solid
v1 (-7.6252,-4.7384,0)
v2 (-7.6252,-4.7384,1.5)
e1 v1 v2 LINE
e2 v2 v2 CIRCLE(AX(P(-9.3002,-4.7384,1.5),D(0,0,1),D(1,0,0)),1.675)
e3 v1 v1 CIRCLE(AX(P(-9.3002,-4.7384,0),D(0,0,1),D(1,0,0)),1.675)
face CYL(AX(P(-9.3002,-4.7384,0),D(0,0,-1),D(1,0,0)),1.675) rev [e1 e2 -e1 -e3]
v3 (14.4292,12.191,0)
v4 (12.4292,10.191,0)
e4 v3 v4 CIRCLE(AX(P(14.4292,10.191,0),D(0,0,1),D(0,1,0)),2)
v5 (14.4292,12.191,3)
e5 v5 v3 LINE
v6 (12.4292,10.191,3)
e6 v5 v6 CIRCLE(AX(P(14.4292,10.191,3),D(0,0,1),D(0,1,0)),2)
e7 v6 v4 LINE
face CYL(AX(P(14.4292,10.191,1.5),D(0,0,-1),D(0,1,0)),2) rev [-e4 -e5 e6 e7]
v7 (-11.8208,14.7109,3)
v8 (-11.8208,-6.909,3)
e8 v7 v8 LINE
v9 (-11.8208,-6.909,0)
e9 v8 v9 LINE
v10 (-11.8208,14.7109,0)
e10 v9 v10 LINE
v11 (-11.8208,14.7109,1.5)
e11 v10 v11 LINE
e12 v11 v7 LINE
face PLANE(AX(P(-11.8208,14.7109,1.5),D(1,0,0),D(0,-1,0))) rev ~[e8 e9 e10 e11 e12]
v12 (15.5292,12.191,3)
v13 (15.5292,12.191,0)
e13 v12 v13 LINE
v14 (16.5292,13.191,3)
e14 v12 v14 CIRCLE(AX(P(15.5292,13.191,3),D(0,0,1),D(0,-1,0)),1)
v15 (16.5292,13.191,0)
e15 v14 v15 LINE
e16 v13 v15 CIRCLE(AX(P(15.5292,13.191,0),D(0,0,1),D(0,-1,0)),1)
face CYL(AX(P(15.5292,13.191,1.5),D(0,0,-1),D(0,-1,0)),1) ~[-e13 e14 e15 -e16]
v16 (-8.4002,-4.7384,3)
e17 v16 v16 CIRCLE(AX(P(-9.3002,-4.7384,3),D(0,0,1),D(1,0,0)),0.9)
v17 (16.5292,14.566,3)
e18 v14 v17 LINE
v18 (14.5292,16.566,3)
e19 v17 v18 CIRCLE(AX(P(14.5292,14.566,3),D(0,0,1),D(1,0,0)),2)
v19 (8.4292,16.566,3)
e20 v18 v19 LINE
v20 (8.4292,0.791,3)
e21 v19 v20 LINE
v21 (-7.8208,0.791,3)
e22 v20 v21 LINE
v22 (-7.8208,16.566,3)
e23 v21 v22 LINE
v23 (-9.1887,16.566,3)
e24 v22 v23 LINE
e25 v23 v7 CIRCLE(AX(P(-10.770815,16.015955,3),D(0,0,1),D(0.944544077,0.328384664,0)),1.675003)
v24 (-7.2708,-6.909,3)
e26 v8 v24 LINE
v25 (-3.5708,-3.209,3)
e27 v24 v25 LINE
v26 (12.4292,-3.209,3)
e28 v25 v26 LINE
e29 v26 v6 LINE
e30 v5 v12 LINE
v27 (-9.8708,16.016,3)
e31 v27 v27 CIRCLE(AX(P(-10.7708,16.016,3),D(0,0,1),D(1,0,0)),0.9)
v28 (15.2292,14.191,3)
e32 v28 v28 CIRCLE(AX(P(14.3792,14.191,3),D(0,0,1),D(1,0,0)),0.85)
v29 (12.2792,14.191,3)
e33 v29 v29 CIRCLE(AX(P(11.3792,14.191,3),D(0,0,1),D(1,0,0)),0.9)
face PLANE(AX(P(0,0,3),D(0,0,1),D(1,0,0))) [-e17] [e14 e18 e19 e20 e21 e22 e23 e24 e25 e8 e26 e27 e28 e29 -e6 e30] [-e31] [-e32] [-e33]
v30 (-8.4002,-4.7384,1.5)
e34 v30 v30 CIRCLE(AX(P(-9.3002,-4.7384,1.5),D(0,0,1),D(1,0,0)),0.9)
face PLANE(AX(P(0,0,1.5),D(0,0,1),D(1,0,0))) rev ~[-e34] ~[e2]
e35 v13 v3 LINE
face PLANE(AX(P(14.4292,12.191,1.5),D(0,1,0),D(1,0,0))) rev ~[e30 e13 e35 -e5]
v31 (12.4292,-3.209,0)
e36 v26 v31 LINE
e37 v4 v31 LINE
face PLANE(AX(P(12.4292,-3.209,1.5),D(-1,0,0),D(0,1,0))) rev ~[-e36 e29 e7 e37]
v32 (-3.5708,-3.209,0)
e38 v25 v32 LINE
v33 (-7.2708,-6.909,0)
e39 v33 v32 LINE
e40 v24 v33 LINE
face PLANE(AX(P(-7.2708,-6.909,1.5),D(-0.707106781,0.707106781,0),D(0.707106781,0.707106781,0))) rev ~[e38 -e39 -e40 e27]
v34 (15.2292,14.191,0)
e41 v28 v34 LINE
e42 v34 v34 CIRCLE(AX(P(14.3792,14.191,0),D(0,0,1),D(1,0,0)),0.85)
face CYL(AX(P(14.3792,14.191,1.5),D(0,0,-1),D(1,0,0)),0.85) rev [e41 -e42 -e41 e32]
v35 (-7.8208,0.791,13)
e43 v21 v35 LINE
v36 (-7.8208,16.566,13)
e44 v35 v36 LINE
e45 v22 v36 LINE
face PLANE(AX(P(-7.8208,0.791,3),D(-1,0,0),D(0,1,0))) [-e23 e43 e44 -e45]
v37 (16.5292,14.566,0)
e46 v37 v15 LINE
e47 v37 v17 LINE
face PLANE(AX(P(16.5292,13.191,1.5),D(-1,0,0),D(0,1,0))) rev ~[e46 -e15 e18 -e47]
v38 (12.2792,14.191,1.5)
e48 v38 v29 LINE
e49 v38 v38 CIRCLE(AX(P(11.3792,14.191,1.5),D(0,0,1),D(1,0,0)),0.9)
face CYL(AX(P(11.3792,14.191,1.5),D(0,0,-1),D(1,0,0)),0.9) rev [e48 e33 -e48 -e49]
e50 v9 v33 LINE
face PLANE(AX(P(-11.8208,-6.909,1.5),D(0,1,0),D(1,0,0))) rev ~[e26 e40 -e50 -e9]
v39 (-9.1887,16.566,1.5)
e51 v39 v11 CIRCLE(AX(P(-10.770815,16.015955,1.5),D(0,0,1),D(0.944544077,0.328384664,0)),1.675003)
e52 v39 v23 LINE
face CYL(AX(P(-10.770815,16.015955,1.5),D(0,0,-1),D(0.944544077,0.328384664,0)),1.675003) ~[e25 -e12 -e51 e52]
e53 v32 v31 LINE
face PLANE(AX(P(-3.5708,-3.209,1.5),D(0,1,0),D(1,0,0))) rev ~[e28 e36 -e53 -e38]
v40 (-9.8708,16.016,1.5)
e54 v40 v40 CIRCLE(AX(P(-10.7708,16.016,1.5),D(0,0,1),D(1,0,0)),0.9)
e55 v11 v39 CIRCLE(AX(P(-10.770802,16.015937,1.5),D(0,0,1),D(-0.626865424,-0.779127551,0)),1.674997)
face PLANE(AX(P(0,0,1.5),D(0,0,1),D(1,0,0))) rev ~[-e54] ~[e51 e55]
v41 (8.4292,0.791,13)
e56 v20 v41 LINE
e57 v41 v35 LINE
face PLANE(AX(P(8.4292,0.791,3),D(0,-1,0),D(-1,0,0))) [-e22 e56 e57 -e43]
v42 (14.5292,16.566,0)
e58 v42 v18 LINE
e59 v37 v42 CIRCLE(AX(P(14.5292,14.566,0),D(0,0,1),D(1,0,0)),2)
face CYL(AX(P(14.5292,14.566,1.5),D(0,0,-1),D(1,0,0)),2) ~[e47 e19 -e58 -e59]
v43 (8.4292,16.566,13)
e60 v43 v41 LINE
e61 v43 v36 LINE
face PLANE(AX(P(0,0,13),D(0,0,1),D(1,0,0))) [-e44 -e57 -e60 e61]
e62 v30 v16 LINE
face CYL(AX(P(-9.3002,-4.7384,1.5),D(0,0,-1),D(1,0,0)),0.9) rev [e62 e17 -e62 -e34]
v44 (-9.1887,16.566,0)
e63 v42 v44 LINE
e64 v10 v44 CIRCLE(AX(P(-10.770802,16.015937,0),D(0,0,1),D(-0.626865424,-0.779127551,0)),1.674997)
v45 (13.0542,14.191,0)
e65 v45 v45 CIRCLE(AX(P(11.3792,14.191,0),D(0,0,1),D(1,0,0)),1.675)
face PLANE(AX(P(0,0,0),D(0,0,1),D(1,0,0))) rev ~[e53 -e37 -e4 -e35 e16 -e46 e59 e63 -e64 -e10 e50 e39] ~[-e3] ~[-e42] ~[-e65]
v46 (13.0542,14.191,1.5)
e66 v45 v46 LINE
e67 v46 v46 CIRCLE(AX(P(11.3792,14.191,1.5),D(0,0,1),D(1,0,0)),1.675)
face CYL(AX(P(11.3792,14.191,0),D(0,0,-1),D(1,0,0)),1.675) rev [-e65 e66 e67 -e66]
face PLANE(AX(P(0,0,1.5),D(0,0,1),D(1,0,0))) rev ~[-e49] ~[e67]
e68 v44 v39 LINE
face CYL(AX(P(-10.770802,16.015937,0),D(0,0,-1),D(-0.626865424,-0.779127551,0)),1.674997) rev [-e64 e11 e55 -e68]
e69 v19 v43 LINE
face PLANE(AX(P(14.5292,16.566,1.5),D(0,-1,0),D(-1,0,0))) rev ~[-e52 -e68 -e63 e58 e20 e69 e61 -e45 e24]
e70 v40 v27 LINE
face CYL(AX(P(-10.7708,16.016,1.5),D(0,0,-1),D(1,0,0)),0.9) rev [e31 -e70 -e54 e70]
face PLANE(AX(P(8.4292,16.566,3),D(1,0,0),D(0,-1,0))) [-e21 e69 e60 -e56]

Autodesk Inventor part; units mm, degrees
ref_plane "YZ Plane" through (0, 0, 0) normal (1, 0, 0) x (0, 1, 0)
ref_plane "XZ Plane" through (0, 0, 0) normal (0, 1, 0) x (-1, 0, 0)
sketch "Skizze1" plane through (0, 0, 0) normal (0, 0, 1) x (1, 0, 0)
  line L0 (14.1792, -17.284) -> (14.1792, 17.716)
  line L1 (14.1792, 17.716) -> (-11.8208, 17.716)
  line L2 (-11.8208, 17.716) -> (-11.8208, -17.284)
  line L3 (-11.8208, -17.284) -> (14.1792, -17.284)
  line L4 (14.1792, -17.284) -> (-11.8208, 17.716) construction
  line L5 (14.1792, 17.716) -> (-11.8208, -17.284) construction
  line L6 (3.4292, 10.341) -> (-6.0708, 10.341) construction
  line L7 (3.4292, 3.091) -> (3.4292, 10.341) construction
  line L8 (-6.0708, 3.091) -> (3.4292, 3.091) construction
  line L9 (-6.0708, 10.341) -> (-6.0708, 3.091) construction
  line L10 (3.4292, 10.341) -> (-6.0708, 3.091) construction
  line L11 (3.4292, 3.091) -> (-6.0708, 10.341) construction
  point P0 (0, 0)
  point P1 (1.1792, 0.216)
  point P2 (1.1792, 0.216)
  point P3 (-1.3208, 6.716)
  point P4 (-1.3208, 6.716)
  point P5 (1.1792, 0.216)
  point P6 (-1.3208, 6.716)
  dimension "d0" = 26
  dimension "d1" = 35
  dimension "d2" = 11
  dimension "d3" = 2.5
sketch "Skizze2" plane through (0, 0, 0) normal (0, 0, 1) x (1, 0, 0)
  line L0 (-3.4208, 1.091) -> (-7.8208, 1.091) projected
  line L1 (-7.8208, 1.091) -> (-7.8208, 12.341) projected
  line L2 (-7.8208, 12.341) -> (-3.4208, 12.341) projected
  line L3 (5.1792, 1.091) -> (0.7792, 1.091) projected
  line L4 (5.1792, 12.341) -> (5.1792, 1.091) projected
  line L5 (0.7792, 12.341) -> (5.1792, 12.341) projected
  circle A0 centre (-9.3002, -4.7384) radius 1.575 construction
  circle A1 centre (11.3792, 14.191) radius 1.575 construction
  circle A2 centre (-9.3002, -4.7384) radius 0.7 construction
  circle A3 centre (-10.7708, 16.016) radius 0.7 construction
  circle A4 centre (11.3792, 14.191) radius 0.7 construction
  line L6 (-3.4208, 12.341) -> (-3.4208, 13.366) projected
  line L7 (-3.4208, 13.366) -> (0.7792, 13.366) projected
  line L8 (0.7792, 0.066) -> (-3.4208, 0.066) projected
  line L9 (-3.4208, 0.066) -> (-3.4208, 1.091) projected
  line L10 (0.7792, 1.091) -> (0.7792, 0.066) projected
  line L11 (0.7792, 13.366) -> (0.7792, 12.341) projected
  line L12 (-12.2708, -9.259) -> (-12.2708, 10.741) construction
  line L13 (14.5292, 16.566) -> (-9.295, 16.566) construction
  arc A5 (16.5292, 14.566) -> (14.5292, 16.566) centre (14.5292, 14.566) ccw projected
  line L14 (16.5292, 14.566) -> (16.5292, 13.191) projected
  arc A6 (15.5292, 12.191) -> (16.5292, 13.191) centre (15.5292, 13.191) ccw projected
  line L15 (15.5292, 12.191) -> (14.4292, 12.191) projected
  arc A7 (14.4292, 12.191) -> (12.4292, 10.191) centre (14.4292, 10.191) ccw projected
  line L16 (12.4292, 10.191) -> (12.4292, -3.209) projected
  line L17 (-3.5708, -3.209) -> (12.4292, -3.209) projected
  line L18 (-8.1002, -7.7384) -> (-3.5708, -3.209) projected
  arc A8 (-10.7708, 17.591) -> (-9.295, 16.566) centre (-10.7708, 16.016) ccw construction
  line L19 (-8.1002, -8.7384) -> (-8.1002, -7.7384) construction
  circle A9 centre (-9.3002, -8.7384) radius 0.75 construction
  circle A10 centre (-9.3002, -8.7384) radius 1.2 construction
  line L20 (-10.8208, -7.909) -> (-11.8208, -6.909) construction
  line L21 (-11.8208, -6.909) -> (-11.8208, 14.7109)
  line L22 (-11.8208, -6.909) -> (-10.4976, -8.2322)
  arc A11 (-8.1002, -8.2384) -> (-8.2864, -7.9246) centre (-9.3002, -8.7384) ccw construction
  line L23 (-8.1002, -8.2384) -> (-8.1002, -7.7384) construction
  circle A12 centre (-9.3002, -4.7384) radius 1.675
  circle A13 centre (11.3792, 14.191) radius 1.675
  line L24 (14.5292, 16.566) -> (-9.1887, 16.566)
  arc A14 (-11.8208, 14.7109) -> (-9.1887, 16.566) centre (-10.7708, 16.016) ccw
  circle A15 centre (14.3792, 14.191) radius 0.75 construction
  circle A16 centre (14.3792, 14.191) radius 0.85
  line L25 (-8.1002, -7.7384) -> (-8.2864, -7.9246) construction
  arc A17 (-8.2864, -7.9246) -> (-10.4976, -8.2322) centre (-9.3002, -8.7384) ccw construction
  line L26 (-11.8208, -6.909) -> (-7.2708, -6.909)
  point P0 (0, 0)
  dimension "d4" = 0.1
  dimension "d5" = 0.1
  dimension "d6" = 0.1
  dimension "d7" = 0.1
  dimension "d10" = 0.1
extrude "Extrusion1" add sketch "Skizze2" along normal blind 1.5 contours L0 L1 L2 L6 L7 L11 L5 L4 L3 L10 L8 L9 | L14 A6 L15 A7 L16 L17 L18 L26 L21 A14 L24 A5
sketch "Skizze3" plane through (0, 0, 1.5) normal (0, 0, 1) x (1, 0, 0)
  circle A0 centre (11.3792, 14.191) radius 1.675 construction
  circle A1 centre (-9.3002, -4.7384) radius 1.675 construction
  circle A2 centre (14.3792, 14.191) radius 0.85 projected
  arc A3 (16.5292, 14.566) -> (14.5292, 16.566) centre (14.5292, 14.566) ccw projected
  line L0 (14.5292, 16.566) -> (-9.1887, 16.566) projected
  arc A4 (-11.8208, 14.7109) -> (-9.1887, 16.566) centre (-10.7708, 16.016) ccw construction
  line L1 (-11.8208, 14.7109) -> (-11.8208, -6.909) projected
  line L2 (-7.2708, -6.909) -> (-3.5708, -3.209) projected
  line L3 (-3.5708, -3.209) -> (12.4292, -3.209) projected
  line L4 (12.4292, -3.209) -> (12.4292, 10.191) projected
  arc A5 (14.4292, 12.191) -> (12.4292, 10.191) centre (14.4292, 10.191) ccw projected
  line L5 (14.4292, 12.191) -> (15.5292, 12.191) projected
  arc A6 (15.5292, 12.191) -> (16.5292, 13.191) centre (15.5292, 13.191) ccw projected
  line L6 (16.5292, 13.191) -> (16.5292, 14.566) projected
  circle A7 centre (11.3792, 14.191) radius 0.7 construction
  circle A8 centre (-9.3002, -4.7384) radius 0.7 construction
  circle A9 centre (-9.3002, -8.7384) radius 0.75 construction
  circle A10 centre (-9.3002, -8.7384) radius 0.85
  line L7 (-7.2708, -6.909) -> (-3.5708, -3.209) projected
  arc A11 (-10.4976, -8.2322) -> (-8.2864, -7.9246) centre (-9.3002, -8.7384) ccw
  arc A12 (-9.1887, 16.566) -> (-11.8208, 14.7109) centre (-10.7708, 16.016) ccw
  circle A13 centre (-10.7708, 16.016) radius 0.7 construction
  circle A14 centre (-10.7708, 16.016) radius 0.9
  circle A15 centre (11.3792, 14.191) radius 0.9
  circle A16 centre (-9.3002, -4.7384) radius 0.9
  line L8 (-11.8208, -6.909) -> (-7.2708, -6.909) projected
  point P0 (0, 0)
  dimension "d11" = 0.1
  dimension "d13" = 1.8
  dimension "d14" = 1.8
  dimension "d15" = 1.8
ref_plane "Arbeitsebene1" through (-9.7716, -9.2098, 6) normal (0, 0, 1) x (1, 0, 0)
extrude "Extrusion2" add sketch "Skizze3" along normal blind 1.5 contours L6 A6 L5 A5 L4 L3 L2 L8 L1 A12 L0 A3
sketch "Skizze4" plane through (-9.1887, 16.566, 3) normal (0, 0, 1) x (1, 0, 0)
  circle A0 centre (-0.1115, -21.3043) radius 0.7 construction
  circle A1 centre (-1.5821, -0.55) radius 0.7 construction
  circle A2 centre (20.5679, -2.375) radius 0.7 construction
  point P0 (9.1887, -16.566)
sketch "Sketch8" plane through (0, 0, 3) normal (0, 0, 1) x (1, 0, 0)
  circle A0 centre (-10.7708, 16.016) radius 0.9 projected
  circle A1 centre (14.3792, 14.191) radius 0.85 projected
  arc A2 (16.5292, 14.566) -> (14.5292, 16.566) centre (14.5292, 14.566) ccw projected
  line L0 (14.5292, 16.566) -> (-9.1887, 16.566) projected
  arc A3 (-9.1887, 16.566) -> (-11.8208, 14.7109) centre (-10.7708, 16.016) ccw projected
  line L1 (-11.8208, 14.7109) -> (-11.8208, -6.909) projected
  line L2 (-11.8208, -6.909) -> (-7.2708, -6.909) projected
  line L3 (-3.5708, -3.209) -> (12.4292, -3.209) projected
  line L4 (12.4292, -3.209) -> (12.4292, 10.191) projected
  arc A4 (14.4292, 12.191) -> (12.4292, 10.191) centre (14.4292, 10.191) ccw projected
  line L5 (14.4292, 12.191) -> (15.5292, 12.191) projected
  arc A5 (15.5292, 12.191) -> (16.5292, 13.191) centre (15.5292, 13.191) ccw projected
  line L6 (16.5292, 13.191) -> (16.5292, 14.566) projected
  line L7 (-7.2708, -6.909) -> (-3.5708, -3.209) projected
  line L8 (-7.8208, 16.566) -> (8.4292, 16.566)
  line L9 (8.4292, 16.566) -> (8.4292, 0.791)
  line L10 (8.4292, 0.791) -> (-7.8208, 0.791)
  line L11 (-7.8208, 0.791) -> (-7.8208, 16.566)
  dimension "d37" = 4
  dimension "d38" = 4
  dimension "d39" = 4
  dimension "d40" = 0
extrude "Extrusion6" add sketch "Sketch8" along normal blind 10 contours L9 L10 L11 L0
properties part number "Raman2Go_Adapterplatte2_XY-TischChina"
